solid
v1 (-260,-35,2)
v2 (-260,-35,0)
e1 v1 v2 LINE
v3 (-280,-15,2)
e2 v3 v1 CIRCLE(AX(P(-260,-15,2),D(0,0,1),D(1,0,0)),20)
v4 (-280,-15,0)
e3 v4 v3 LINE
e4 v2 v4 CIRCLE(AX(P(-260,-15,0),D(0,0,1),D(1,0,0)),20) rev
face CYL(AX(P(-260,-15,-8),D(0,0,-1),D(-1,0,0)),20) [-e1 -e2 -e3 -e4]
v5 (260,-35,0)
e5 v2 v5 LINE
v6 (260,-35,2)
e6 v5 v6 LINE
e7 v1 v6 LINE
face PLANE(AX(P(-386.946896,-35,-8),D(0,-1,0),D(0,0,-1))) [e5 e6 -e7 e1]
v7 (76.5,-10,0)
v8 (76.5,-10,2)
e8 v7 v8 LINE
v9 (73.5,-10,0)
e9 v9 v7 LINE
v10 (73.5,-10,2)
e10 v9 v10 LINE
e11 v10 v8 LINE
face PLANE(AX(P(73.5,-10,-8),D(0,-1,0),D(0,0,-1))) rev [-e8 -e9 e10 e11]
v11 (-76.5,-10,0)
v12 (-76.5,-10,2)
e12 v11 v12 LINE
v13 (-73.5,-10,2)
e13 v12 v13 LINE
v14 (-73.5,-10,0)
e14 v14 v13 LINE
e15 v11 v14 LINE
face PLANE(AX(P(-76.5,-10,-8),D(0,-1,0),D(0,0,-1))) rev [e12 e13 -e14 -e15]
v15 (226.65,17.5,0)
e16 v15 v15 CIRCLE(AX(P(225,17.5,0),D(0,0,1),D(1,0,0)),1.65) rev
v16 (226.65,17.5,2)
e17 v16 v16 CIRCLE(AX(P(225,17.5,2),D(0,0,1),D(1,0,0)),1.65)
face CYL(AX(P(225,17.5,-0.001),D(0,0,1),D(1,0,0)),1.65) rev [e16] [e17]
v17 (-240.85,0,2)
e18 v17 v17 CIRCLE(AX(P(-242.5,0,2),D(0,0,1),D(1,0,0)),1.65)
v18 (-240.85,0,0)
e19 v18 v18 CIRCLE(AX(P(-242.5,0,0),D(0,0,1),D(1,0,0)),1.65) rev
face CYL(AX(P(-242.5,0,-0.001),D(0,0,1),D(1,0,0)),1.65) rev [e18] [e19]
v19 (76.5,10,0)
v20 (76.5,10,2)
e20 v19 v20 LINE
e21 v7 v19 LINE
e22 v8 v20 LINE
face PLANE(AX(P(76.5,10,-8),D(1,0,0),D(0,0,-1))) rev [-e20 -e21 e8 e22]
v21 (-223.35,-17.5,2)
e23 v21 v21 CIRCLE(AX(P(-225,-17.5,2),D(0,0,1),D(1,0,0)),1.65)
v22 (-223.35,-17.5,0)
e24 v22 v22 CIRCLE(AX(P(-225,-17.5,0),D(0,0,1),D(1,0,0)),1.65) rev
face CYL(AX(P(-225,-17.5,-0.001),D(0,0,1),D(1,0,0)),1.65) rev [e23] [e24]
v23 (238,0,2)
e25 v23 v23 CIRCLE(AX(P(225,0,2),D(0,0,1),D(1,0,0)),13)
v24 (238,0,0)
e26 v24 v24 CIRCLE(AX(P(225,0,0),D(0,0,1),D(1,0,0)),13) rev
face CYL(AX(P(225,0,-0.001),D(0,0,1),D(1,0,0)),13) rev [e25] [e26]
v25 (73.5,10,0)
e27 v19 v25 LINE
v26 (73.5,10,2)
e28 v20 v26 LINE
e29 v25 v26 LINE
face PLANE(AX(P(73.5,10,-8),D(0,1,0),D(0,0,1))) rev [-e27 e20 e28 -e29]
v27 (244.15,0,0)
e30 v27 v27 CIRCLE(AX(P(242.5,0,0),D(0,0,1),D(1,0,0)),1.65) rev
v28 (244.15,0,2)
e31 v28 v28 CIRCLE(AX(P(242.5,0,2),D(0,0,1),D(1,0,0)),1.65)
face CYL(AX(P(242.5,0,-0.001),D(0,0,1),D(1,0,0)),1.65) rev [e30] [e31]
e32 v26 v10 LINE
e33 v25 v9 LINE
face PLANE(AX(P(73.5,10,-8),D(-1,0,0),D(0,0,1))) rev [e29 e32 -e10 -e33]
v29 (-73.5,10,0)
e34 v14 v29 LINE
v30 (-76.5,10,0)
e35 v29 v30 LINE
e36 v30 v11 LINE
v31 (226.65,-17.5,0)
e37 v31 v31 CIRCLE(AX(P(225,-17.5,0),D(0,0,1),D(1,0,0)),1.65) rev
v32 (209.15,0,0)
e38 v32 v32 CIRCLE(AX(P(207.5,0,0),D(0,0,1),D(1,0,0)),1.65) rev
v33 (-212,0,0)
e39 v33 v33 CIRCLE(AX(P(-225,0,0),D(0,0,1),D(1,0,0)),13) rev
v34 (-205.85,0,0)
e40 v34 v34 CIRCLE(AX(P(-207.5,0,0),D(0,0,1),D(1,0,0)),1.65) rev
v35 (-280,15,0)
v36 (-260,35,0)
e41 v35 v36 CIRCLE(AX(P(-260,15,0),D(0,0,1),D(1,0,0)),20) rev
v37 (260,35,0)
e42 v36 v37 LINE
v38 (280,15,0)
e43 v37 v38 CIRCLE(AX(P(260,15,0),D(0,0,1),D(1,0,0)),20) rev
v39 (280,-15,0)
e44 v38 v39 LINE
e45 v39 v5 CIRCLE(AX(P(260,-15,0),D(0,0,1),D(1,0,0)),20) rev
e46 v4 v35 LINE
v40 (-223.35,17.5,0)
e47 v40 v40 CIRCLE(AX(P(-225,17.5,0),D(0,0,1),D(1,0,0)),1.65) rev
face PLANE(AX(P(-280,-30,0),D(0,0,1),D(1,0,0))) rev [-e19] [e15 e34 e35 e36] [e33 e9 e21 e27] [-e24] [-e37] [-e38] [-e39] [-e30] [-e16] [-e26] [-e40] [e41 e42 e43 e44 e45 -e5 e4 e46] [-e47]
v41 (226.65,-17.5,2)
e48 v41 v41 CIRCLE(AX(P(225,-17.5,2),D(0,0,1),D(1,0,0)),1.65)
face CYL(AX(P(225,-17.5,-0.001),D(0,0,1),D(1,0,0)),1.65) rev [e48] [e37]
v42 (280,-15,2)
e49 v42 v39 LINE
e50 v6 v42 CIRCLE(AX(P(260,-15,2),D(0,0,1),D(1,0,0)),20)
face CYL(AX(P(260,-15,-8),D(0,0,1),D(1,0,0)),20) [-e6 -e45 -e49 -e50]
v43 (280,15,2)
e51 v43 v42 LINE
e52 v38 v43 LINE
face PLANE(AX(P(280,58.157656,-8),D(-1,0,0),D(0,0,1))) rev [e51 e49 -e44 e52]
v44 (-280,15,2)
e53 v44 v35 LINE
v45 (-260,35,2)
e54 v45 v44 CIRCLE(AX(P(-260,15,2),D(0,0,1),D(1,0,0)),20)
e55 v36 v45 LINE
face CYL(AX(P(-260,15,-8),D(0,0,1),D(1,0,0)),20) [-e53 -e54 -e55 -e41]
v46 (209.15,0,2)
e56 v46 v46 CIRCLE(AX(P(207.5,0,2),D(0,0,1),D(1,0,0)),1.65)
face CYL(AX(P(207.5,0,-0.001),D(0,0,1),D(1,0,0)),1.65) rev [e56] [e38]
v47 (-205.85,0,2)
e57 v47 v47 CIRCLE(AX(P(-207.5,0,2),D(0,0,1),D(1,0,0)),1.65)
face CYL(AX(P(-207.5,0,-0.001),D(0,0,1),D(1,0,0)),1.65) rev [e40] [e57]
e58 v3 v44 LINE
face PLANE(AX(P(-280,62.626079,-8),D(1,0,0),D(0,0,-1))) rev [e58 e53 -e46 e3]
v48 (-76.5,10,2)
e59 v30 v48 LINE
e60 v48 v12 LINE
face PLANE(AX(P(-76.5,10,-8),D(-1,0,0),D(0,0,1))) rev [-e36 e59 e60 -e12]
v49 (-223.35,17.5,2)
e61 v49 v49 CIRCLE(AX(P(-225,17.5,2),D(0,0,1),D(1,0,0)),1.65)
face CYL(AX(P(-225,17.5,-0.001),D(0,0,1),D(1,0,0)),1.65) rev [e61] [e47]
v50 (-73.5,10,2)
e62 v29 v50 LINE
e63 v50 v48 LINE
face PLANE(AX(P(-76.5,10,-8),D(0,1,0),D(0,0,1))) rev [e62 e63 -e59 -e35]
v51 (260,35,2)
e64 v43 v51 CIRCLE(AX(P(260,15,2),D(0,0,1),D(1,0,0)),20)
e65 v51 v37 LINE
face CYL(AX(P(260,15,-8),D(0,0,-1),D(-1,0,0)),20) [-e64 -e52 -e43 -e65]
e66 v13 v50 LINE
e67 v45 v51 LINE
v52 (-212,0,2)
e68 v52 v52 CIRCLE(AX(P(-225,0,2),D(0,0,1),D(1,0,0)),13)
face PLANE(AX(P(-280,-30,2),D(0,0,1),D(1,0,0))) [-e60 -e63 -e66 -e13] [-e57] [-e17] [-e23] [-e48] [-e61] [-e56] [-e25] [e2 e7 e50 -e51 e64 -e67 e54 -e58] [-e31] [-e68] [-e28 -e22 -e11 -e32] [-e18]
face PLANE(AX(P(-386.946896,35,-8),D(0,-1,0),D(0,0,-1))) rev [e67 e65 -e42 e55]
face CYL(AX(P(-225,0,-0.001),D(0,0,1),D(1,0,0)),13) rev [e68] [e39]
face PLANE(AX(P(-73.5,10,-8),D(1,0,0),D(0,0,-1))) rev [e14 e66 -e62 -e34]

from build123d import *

# Parameters (mm, degrees)
EXTRUDE_1_DEPTH      = 2
CUT_EXTRUDE_1_REACH  = 306.145
SKETCH_3_R           = 13
SKETCH_3_R_2         = 1.65
SKETCH_6_OUTSIDE_W   = 723.656
SKETCH_6_OUTSIDE_H   = 223.656
SKETCH_6_OUTSIDE_W_2 = 773.893791272
SKETCH_6_OUTSIDE_H_2 = 70
CUT_EXTRUDE_4_DEPTH  = 10
SKETCH_7_W           = 40
SKETCH_7_H           = 125.252157634
SKETCH_7_H_2         = 116.31531122
CUT_EXTRUDE_5_DEPTH  = 10
FILLET_1_R           = 20
SKETCH_10_W          = 3
SKETCH_10_H          = 20
CUT_EXTRUDE_6_DEPTH  = 10


with BuildPart() as part:
    # 草图2 → 凸台-拉伸1 (new body)
    with BuildSketch(Plane.XY):
        with BuildLine():
            Line((-280, 50), (280, 50))
            ThreePointArc((280, 50), (294.142135624, 44.142135624), (300, 30))
            Line((300, 30), (300, -30))
            ThreePointArc((300, -30), (294.142135624, -44.142135624), (280, -50))
            Line((280, -50), (-280, -50))
            ThreePointArc((-280, -50), (-294.142135624, -44.142135624), (-300, -30))
            Line((-300, -30), (-300, 30))
            ThreePointArc((-300, 30), (-294.142135624, 44.142135624), (-280, 50))
        make_face()
    extrude(amount=EXTRUDE_1_DEPTH)

    # 草图3 → 切除-拉伸1 (cut, up to next)
    with BuildSketch(Plane.XY.offset(2), mode=Mode.PRIVATE) as cut_extrude_1_sk1:
        with Locations((-225, 0)):
            Circle(SKETCH_3_R)
    cut_extrude_1_tool1 = extrude(cut_extrude_1_sk1.sketch, amount=-CUT_EXTRUDE_1_REACH, mode=Mode.PRIVATE) & part.part
    # 草图3 → 切除-拉伸1 (cut, up to next)
    with BuildSketch(Plane.XY.offset(2), mode=Mode.PRIVATE) as cut_extrude_1_sk2:
        with Locations((225, 0)):
            Circle(SKETCH_3_R)
    cut_extrude_1_tool2 = extrude(cut_extrude_1_sk2.sketch, amount=-CUT_EXTRUDE_1_REACH, mode=Mode.PRIVATE) & part.part
    # 草图3 → 切除-拉伸1 (cut, up to next)
    with BuildSketch(Plane.XY.offset(2), mode=Mode.PRIVATE) as cut_extrude_1_sk3:
        with Locations((-242.5, 0)):
            Circle(SKETCH_3_R_2)
    cut_extrude_1_tool3 = extrude(cut_extrude_1_sk3.sketch, amount=-CUT_EXTRUDE_1_REACH, mode=Mode.PRIVATE) & part.part
    # 草图3 → 切除-拉伸1 (cut, up to next)
    with BuildSketch(Plane.XY.offset(2), mode=Mode.PRIVATE) as cut_extrude_1_sk4:
        with Locations((-207.5, 0)):
            Circle(SKETCH_3_R_2)
    cut_extrude_1_tool4 = extrude(cut_extrude_1_sk4.sketch, amount=-CUT_EXTRUDE_1_REACH, mode=Mode.PRIVATE) & part.part
    # 草图3 → 切除-拉伸1 (cut, up to next)
    with BuildSketch(Plane.XY.offset(2), mode=Mode.PRIVATE) as cut_extrude_1_sk5:
        with Locations((-225, 17.5)):
            Circle(SKETCH_3_R_2)
    cut_extrude_1_tool5 = extrude(cut_extrude_1_sk5.sketch, amount=-CUT_EXTRUDE_1_REACH, mode=Mode.PRIVATE) & part.part
    # 草图3 → 切除-拉伸1 (cut, up to next)
    with BuildSketch(Plane.XY.offset(2), mode=Mode.PRIVATE) as cut_extrude_1_sk6:
        with Locations((-225, -17.5)):
            Circle(SKETCH_3_R_2)
    cut_extrude_1_tool6 = extrude(cut_extrude_1_sk6.sketch, amount=-CUT_EXTRUDE_1_REACH, mode=Mode.PRIVATE) & part.part
    # 草图3 → 切除-拉伸1 (cut, up to next)
    with BuildSketch(Plane.XY.offset(2), mode=Mode.PRIVATE) as cut_extrude_1_sk7:
        with Locations((242.5, 0)):
            Circle(SKETCH_3_R_2)
    cut_extrude_1_tool7 = extrude(cut_extrude_1_sk7.sketch, amount=-CUT_EXTRUDE_1_REACH, mode=Mode.PRIVATE) & part.part
    # 草图3 → 切除-拉伸1 (cut, up to next)
    with BuildSketch(Plane.XY.offset(2), mode=Mode.PRIVATE) as cut_extrude_1_sk8:
        with Locations((225, 17.5)):
            Circle(SKETCH_3_R_2)
    cut_extrude_1_tool8 = extrude(cut_extrude_1_sk8.sketch, amount=-CUT_EXTRUDE_1_REACH, mode=Mode.PRIVATE) & part.part
    # 草图3 → 切除-拉伸1 (cut, up to next)
    with BuildSketch(Plane.XY.offset(2), mode=Mode.PRIVATE) as cut_extrude_1_sk9:
        with Locations((207.5, 0)):
            Circle(SKETCH_3_R_2)
    cut_extrude_1_tool9 = extrude(cut_extrude_1_sk9.sketch, amount=-CUT_EXTRUDE_1_REACH, mode=Mode.PRIVATE) & part.part
    # 草图3 → 切除-拉伸1 (cut, up to next)
    with BuildSketch(Plane.XY.offset(2), mode=Mode.PRIVATE) as cut_extrude_1_sk10:
        with Locations((225, -17.5)):
            Circle(SKETCH_3_R_2)
    cut_extrude_1_tool10 = extrude(cut_extrude_1_sk10.sketch, amount=-CUT_EXTRUDE_1_REACH, mode=Mode.PRIVATE) & part.part
    add(cut_extrude_1_tool1.solids().sort_by_distance((-225, 0, 2))[0], mode=Mode.SUBTRACT)
    add(cut_extrude_1_tool2.solids().sort_by_distance((225, 0, 2))[0], mode=Mode.SUBTRACT)
    add(cut_extrude_1_tool3.solids().sort_by_distance((-242.5, 0, 2))[0], mode=Mode.SUBTRACT)
    add(cut_extrude_1_tool4.solids().sort_by_distance((-207.5, 0, 2))[0], mode=Mode.SUBTRACT)
    add(cut_extrude_1_tool5.solids().sort_by_distance((-225, 17.5, 2))[0], mode=Mode.SUBTRACT)
    add(cut_extrude_1_tool6.solids().sort_by_distance((-225, -17.5, 2))[0], mode=Mode.SUBTRACT)
    add(cut_extrude_1_tool7.solids().sort_by_distance((242.5, 0, 2))[0], mode=Mode.SUBTRACT)
    add(cut_extrude_1_tool8.solids().sort_by_distance((225, 17.5, 2))[0], mode=Mode.SUBTRACT)
    add(cut_extrude_1_tool9.solids().sort_by_distance((207.5, 0, 2))[0], mode=Mode.SUBTRACT)
    add(cut_extrude_1_tool10.solids().sort_by_distance((225, -17.5, 2))[0], mode=Mode.SUBTRACT)

    # 草图6 outside → 切除-拉伸4 (cut)
    with BuildSketch(Plane.XY.offset(2)):
        Rectangle(SKETCH_6_OUTSIDE_W, SKETCH_6_OUTSIDE_H)
        Rectangle(SKETCH_6_OUTSIDE_W_2, SKETCH_6_OUTSIDE_H_2, mode=Mode.SUBTRACT)
    extrude(amount=-CUT_EXTRUDE_4_DEPTH, mode=Mode.SUBTRACT)

    # 草图7 → 切除-拉伸5 (cut)
    with BuildSketch(Plane.XY.offset(2)):
        with Locations((-300, 0)):
            Rectangle(SKETCH_7_W, SKETCH_7_H)
        with Locations((300, 0)):
            Rectangle(SKETCH_7_W, SKETCH_7_H_2)
    extrude(amount=-CUT_EXTRUDE_5_DEPTH, mode=Mode.SUBTRACT)

    # 圆角1
    fillet_1_edges = [part.edges().sort_by_distance(p)[0] for p in [
        (-280, 35, 1),
        (-280, -35, 1),
        (280, 35, 1),
        (280, -35, 1),
    ]]
    fillet(fillet_1_edges, radius=FILLET_1_R)

    # 草图10 → 切除-拉伸6 (cut)
    with BuildSketch(Plane.XY.offset(2)):
        with Locations((-75, 0)):
            Rectangle(SKETCH_10_W, SKETCH_10_H)
        with Locations((75, 0)):
            Rectangle(SKETCH_10_W, SKETCH_10_H)
    extrude(amount=-CUT_EXTRUDE_6_DEPTH, mode=Mode.SUBTRACT)


solid = part.part
